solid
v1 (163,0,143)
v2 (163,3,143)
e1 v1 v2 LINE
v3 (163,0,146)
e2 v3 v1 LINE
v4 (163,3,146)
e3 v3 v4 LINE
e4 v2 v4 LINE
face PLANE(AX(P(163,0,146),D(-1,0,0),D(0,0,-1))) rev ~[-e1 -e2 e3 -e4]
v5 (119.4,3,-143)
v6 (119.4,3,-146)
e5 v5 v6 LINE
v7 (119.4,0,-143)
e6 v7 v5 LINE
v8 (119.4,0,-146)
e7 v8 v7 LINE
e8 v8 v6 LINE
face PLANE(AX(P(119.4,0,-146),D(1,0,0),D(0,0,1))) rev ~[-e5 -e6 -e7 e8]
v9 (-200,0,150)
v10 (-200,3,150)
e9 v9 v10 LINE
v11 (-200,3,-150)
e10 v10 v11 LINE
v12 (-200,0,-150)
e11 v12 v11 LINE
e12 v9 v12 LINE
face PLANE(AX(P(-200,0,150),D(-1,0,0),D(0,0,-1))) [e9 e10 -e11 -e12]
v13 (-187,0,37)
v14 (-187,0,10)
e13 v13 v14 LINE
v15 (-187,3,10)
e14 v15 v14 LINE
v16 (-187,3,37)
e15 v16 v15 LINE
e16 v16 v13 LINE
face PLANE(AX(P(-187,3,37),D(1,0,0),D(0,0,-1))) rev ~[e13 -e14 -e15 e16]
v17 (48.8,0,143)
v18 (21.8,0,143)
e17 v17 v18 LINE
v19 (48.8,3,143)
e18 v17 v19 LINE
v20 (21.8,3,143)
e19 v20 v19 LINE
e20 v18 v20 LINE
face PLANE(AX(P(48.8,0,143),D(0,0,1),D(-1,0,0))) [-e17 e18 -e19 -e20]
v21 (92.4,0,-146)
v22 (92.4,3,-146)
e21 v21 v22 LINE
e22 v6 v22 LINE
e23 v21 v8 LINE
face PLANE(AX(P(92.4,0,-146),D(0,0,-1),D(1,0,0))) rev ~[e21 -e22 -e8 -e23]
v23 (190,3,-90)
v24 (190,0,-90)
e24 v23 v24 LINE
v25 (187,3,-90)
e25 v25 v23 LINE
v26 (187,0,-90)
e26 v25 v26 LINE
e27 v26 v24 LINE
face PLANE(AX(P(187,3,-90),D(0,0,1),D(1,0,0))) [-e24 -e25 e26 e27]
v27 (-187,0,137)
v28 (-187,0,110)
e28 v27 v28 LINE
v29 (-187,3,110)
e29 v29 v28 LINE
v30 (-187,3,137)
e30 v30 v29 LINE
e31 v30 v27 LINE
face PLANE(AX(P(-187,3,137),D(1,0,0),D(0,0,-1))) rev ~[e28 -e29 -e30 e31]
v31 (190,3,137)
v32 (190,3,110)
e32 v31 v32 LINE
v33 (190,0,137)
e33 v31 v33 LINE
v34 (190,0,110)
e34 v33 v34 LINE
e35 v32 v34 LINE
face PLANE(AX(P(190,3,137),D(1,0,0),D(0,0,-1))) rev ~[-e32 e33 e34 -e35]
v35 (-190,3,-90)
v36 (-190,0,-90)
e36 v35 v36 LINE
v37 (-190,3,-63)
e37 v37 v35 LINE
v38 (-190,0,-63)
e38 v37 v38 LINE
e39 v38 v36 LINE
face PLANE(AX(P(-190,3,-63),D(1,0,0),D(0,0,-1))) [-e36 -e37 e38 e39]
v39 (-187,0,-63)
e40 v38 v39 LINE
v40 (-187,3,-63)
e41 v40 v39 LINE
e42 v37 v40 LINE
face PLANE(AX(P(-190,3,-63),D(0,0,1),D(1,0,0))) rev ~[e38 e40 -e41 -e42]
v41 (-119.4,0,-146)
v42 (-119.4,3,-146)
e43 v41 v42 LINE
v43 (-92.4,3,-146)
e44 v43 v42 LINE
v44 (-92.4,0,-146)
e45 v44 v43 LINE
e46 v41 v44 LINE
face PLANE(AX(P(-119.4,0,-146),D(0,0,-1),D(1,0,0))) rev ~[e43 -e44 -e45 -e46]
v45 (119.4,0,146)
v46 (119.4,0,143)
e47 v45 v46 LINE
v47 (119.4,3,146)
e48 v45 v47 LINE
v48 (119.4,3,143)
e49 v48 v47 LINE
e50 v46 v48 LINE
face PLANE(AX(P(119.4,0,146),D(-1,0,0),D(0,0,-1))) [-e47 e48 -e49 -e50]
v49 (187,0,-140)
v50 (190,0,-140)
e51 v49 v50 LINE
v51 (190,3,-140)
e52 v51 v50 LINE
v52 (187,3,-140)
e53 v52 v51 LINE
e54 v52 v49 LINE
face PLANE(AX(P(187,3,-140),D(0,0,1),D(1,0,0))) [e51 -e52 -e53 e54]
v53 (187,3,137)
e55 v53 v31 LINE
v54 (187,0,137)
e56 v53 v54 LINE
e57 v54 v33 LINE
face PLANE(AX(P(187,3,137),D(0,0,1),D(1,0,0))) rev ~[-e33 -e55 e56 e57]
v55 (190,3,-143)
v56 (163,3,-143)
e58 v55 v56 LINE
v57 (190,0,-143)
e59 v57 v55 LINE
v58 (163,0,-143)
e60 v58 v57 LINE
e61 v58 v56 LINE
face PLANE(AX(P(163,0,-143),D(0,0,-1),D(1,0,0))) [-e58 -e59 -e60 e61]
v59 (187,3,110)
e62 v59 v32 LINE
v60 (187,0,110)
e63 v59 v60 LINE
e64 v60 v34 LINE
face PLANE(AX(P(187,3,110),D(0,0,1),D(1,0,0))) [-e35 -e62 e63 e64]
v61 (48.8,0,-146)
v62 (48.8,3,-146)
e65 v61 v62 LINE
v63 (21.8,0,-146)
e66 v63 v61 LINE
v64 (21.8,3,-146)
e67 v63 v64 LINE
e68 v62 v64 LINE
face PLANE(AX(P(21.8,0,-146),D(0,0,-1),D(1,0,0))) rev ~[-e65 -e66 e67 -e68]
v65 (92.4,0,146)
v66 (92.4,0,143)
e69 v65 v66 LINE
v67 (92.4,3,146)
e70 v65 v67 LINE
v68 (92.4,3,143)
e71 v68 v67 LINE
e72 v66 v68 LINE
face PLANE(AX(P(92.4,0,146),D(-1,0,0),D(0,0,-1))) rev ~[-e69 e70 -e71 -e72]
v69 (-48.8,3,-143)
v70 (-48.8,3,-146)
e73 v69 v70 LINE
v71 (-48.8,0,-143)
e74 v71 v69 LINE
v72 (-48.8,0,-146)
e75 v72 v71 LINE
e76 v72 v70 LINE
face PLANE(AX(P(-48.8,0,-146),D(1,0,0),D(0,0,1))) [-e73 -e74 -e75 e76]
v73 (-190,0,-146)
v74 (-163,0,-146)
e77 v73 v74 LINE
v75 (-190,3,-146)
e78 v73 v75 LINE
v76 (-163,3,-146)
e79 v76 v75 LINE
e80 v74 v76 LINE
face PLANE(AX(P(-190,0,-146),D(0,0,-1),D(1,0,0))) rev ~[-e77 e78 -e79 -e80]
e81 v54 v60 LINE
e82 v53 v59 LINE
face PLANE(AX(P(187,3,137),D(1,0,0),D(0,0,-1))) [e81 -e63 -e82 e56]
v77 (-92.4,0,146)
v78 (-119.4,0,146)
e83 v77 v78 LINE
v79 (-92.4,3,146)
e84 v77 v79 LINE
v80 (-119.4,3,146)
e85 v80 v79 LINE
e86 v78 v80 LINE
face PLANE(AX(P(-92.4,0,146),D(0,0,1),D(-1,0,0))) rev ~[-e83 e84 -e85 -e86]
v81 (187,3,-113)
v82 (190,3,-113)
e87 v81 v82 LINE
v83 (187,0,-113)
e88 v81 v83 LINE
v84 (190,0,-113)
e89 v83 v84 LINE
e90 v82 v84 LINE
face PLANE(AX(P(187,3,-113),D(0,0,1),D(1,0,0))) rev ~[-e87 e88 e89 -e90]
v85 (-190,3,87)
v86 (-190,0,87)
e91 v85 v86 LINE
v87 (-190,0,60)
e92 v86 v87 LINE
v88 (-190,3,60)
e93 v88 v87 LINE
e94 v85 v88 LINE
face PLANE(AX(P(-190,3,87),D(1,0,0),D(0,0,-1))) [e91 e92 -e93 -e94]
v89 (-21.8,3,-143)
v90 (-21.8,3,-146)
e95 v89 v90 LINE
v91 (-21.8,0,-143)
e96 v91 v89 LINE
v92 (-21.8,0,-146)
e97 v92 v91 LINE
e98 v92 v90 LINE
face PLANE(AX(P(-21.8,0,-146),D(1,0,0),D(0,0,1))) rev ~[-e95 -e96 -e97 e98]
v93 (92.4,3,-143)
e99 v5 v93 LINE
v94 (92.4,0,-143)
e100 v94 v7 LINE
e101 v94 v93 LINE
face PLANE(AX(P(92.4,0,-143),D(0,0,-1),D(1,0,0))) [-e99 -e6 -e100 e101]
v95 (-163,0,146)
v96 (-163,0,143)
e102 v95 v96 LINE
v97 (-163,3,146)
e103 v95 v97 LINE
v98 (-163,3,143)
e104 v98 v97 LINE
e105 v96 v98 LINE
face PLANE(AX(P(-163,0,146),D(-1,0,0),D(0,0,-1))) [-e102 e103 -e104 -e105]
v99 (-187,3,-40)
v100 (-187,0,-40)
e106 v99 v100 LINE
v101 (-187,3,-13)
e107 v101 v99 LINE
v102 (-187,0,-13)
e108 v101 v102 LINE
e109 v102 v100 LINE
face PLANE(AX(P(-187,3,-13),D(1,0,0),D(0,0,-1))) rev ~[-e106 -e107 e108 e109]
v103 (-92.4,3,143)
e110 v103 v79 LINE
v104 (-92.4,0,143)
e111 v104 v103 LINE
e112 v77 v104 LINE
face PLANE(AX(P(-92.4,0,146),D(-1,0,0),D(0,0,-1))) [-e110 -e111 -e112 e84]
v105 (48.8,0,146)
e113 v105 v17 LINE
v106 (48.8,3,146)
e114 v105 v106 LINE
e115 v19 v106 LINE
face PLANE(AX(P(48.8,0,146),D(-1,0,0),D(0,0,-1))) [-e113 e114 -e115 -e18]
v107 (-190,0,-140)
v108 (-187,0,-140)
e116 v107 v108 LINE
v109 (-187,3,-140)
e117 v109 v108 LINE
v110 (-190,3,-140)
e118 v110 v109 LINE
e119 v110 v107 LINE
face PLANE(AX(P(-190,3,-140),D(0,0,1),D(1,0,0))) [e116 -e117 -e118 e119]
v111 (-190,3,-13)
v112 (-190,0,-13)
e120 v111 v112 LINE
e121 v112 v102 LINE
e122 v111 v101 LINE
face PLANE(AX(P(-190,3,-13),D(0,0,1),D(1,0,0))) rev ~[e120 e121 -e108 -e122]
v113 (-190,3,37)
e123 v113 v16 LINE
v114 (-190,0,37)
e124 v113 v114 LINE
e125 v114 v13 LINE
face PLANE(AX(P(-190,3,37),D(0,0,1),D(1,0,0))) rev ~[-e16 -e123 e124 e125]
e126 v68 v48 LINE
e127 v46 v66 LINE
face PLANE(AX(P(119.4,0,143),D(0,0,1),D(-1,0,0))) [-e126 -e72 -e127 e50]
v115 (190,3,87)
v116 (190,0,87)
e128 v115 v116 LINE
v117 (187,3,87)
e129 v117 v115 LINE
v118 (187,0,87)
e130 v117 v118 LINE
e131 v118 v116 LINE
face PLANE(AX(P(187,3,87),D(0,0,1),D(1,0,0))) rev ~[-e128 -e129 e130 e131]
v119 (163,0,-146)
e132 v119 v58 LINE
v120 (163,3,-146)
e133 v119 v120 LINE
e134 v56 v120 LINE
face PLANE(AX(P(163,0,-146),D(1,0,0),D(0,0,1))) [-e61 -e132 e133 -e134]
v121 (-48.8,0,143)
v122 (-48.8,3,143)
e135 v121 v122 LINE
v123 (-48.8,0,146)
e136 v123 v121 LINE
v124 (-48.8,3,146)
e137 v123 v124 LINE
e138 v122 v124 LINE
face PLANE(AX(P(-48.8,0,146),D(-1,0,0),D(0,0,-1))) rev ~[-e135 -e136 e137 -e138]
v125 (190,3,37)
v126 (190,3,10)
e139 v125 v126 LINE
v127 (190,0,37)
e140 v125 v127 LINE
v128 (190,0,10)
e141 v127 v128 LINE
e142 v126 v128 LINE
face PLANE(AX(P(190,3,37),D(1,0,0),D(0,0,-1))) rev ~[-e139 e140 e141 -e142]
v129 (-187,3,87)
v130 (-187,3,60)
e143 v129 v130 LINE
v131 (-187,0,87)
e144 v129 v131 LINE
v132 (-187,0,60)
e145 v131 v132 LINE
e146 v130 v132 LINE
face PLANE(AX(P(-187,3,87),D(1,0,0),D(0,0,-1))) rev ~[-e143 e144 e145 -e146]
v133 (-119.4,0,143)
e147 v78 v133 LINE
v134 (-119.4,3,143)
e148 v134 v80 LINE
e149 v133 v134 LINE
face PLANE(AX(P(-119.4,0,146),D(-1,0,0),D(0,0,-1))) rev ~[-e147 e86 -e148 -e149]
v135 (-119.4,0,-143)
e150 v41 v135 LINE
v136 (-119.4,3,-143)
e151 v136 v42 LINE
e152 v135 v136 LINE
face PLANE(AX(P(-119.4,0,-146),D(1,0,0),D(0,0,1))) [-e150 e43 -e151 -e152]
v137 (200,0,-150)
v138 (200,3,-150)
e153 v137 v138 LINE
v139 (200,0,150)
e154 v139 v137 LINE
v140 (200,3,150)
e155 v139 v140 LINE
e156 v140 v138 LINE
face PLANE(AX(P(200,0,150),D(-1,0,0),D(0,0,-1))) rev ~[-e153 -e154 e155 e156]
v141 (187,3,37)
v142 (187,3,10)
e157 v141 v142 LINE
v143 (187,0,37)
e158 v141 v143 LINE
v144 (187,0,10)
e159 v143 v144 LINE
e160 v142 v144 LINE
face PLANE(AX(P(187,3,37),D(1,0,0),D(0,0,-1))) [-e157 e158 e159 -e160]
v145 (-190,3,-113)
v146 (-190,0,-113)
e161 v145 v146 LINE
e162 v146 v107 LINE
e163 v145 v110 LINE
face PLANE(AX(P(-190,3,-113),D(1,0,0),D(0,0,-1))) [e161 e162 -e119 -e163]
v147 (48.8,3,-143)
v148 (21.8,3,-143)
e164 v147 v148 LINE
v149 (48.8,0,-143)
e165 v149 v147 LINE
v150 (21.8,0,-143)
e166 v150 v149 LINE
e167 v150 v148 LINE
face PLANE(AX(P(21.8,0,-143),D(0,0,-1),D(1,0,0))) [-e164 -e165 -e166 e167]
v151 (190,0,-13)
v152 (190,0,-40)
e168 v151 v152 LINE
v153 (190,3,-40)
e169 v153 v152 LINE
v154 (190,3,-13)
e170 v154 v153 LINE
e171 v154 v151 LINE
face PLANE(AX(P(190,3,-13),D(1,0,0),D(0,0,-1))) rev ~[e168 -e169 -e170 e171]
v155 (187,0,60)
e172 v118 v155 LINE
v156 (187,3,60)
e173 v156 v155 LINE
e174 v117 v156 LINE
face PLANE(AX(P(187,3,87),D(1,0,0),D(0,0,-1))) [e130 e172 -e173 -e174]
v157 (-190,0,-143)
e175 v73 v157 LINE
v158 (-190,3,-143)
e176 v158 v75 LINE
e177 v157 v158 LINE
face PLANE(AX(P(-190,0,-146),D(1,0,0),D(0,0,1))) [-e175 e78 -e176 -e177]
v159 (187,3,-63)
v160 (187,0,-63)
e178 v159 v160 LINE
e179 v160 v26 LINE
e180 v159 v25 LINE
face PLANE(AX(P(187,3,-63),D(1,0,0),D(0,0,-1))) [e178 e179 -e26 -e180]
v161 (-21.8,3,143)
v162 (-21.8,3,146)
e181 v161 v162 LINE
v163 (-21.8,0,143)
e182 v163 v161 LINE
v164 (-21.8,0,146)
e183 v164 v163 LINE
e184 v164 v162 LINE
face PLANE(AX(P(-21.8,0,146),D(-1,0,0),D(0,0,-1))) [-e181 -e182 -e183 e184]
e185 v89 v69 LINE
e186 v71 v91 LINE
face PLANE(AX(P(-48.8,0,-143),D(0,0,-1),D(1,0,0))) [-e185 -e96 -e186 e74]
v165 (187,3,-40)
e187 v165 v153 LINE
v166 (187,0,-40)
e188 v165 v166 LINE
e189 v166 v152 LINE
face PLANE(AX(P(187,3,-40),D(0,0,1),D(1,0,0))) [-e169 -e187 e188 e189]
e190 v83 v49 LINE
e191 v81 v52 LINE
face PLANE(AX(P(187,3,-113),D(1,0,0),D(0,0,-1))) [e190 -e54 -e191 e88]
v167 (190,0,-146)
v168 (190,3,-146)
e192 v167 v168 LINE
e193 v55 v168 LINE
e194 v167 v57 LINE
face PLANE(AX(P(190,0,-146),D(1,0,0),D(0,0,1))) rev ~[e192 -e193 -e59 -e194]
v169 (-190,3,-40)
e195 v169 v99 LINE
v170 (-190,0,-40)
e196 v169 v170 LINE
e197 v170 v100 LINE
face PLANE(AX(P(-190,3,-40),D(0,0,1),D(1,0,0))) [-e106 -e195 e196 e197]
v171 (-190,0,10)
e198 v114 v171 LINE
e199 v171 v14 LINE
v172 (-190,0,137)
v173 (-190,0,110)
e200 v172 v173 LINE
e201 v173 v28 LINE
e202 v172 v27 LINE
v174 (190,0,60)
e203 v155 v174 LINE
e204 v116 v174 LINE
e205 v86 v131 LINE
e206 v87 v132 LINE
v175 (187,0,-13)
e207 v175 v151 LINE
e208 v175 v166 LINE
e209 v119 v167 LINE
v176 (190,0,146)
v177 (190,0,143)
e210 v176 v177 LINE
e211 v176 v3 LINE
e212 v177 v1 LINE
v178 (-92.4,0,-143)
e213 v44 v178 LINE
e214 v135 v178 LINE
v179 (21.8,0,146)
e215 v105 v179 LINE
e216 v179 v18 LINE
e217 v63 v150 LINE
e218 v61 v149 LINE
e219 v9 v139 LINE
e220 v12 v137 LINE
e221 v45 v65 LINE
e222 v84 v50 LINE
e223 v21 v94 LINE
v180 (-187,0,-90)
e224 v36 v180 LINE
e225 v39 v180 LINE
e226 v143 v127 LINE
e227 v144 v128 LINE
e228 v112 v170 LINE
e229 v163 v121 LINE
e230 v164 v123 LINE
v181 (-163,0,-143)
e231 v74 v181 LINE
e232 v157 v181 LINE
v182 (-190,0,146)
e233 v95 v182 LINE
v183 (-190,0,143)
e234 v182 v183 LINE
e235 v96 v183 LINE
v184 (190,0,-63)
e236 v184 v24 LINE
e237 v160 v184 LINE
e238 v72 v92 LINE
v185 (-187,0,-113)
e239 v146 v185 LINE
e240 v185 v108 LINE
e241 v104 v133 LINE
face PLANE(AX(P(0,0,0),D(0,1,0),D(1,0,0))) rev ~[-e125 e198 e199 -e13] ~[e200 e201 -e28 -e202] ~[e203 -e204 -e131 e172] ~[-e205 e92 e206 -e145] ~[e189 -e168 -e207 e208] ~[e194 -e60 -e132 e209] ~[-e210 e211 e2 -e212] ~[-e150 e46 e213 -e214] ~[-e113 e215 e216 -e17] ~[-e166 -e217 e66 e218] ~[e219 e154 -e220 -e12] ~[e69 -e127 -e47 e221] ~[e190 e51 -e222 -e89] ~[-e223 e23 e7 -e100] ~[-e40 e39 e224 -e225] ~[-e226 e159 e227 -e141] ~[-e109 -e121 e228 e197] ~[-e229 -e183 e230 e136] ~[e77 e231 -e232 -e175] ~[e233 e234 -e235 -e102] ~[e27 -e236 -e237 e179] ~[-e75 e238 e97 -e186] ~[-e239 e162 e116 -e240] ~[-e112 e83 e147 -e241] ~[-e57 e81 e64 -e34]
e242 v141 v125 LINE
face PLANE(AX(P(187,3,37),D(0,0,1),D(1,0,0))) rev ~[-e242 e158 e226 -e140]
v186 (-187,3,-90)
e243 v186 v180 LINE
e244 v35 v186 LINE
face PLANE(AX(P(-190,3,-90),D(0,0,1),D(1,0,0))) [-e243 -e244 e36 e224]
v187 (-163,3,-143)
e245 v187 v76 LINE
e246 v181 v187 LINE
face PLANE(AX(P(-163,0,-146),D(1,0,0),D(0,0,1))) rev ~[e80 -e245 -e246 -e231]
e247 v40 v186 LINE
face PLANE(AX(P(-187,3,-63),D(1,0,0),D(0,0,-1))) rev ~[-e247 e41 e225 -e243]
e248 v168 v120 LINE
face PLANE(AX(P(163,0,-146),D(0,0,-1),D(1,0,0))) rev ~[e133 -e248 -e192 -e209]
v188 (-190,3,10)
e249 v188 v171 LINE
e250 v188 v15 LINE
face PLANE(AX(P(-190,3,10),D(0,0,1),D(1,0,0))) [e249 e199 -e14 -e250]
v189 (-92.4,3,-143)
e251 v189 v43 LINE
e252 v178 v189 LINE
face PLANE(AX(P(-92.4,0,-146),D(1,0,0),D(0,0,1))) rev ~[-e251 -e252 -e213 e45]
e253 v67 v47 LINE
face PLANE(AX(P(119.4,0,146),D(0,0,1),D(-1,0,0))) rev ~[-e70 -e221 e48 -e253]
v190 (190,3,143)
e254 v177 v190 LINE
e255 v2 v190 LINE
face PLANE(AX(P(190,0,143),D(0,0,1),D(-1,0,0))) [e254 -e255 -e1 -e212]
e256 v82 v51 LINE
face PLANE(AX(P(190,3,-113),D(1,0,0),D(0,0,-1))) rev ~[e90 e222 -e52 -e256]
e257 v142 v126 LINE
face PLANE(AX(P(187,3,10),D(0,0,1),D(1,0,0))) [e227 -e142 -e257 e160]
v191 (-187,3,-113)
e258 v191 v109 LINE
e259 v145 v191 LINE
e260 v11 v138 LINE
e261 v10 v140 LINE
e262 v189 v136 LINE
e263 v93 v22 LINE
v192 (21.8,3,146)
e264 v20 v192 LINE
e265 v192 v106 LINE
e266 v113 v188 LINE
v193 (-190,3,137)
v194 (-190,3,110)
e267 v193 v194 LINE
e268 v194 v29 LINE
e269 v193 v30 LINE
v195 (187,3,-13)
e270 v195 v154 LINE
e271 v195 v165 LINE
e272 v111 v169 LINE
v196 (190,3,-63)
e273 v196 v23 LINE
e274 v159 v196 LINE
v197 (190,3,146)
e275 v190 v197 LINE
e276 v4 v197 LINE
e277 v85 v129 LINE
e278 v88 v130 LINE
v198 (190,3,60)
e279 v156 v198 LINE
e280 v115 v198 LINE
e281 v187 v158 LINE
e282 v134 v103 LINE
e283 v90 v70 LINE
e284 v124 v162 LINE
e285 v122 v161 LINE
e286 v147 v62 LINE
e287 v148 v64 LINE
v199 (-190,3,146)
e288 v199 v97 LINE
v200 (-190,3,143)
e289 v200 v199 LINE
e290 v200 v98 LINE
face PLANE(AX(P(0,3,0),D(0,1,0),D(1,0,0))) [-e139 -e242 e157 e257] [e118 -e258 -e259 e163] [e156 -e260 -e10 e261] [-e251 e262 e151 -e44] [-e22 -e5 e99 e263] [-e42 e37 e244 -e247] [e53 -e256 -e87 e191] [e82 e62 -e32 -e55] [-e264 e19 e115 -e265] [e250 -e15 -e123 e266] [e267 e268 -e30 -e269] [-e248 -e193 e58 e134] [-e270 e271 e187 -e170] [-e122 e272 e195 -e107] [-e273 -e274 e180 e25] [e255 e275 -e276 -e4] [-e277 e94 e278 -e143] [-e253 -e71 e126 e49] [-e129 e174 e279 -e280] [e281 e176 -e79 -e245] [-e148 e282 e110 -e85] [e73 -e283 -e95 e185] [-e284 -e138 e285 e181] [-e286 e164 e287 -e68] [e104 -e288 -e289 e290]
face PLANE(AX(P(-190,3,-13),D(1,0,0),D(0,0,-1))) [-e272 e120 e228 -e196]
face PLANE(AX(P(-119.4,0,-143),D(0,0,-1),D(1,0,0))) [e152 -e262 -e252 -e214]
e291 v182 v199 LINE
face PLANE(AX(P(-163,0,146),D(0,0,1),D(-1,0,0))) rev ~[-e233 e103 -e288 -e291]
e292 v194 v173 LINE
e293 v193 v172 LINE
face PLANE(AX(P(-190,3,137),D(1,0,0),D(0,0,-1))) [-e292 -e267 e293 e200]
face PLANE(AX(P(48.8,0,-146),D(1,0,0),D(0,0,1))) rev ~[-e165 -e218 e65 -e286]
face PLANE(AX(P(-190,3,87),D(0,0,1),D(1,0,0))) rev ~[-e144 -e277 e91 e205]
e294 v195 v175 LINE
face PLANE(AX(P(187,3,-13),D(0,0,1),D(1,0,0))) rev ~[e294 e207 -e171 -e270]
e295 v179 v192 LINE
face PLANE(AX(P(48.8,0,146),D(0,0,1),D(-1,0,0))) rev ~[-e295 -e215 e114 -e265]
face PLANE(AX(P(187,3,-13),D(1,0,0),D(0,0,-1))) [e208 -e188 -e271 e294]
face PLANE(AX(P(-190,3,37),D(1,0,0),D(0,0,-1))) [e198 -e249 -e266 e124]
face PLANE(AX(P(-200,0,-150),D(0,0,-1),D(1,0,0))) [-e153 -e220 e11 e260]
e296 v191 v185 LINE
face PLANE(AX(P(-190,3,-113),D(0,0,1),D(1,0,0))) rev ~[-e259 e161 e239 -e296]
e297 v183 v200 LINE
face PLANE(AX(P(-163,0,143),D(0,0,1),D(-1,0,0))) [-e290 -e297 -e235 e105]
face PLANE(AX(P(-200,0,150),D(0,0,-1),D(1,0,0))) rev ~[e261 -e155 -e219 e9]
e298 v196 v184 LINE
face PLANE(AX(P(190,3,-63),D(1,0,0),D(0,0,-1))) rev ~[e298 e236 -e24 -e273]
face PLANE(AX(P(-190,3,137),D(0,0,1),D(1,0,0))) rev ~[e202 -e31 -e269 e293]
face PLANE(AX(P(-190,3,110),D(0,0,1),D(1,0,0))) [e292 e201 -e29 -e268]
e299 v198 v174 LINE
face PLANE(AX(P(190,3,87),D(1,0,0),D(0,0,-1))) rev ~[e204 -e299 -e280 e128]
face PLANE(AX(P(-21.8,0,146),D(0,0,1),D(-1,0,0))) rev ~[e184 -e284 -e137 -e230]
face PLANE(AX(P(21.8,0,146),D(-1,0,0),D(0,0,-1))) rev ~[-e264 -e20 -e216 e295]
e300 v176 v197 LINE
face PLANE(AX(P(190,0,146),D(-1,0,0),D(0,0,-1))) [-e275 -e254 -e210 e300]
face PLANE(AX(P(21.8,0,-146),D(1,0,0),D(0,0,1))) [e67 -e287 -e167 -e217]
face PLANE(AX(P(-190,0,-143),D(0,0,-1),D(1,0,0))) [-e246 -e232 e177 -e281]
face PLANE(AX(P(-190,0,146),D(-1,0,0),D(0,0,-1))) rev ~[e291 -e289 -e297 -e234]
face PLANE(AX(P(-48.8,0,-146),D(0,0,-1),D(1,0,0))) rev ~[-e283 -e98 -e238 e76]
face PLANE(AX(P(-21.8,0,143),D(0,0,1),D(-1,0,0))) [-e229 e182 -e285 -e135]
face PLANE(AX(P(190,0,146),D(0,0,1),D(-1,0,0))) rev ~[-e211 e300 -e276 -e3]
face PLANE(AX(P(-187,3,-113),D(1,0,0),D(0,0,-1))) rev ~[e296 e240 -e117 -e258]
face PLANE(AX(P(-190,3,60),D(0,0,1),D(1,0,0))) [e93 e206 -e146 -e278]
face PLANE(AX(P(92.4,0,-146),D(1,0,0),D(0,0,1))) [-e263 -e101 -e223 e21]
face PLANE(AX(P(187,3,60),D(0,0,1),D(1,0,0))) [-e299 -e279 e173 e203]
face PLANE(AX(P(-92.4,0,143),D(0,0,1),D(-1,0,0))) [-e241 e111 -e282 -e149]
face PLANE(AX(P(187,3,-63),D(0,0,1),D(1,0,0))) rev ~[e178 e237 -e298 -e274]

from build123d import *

# Parameters (mm, degrees)
SKETCH1_W           = 400
SKETCH1_H           = 300
BOSS_EXTRUDE2_DEPTH = 3
SKETCH5_W           = 3
SKETCH5_H           = 27
CUT_EXTRUDE4_DEPTH  = 3
SKETCH6_W           = 3
SKETCH6_H           = 27
CUT_EXTRUDE5_DEPTH  = 3
SKETCH12_W          = 27
SKETCH12_H          = 3
CUT_EXTRUDE10_DEPTH = 10
SKETCH13_W          = 27
SKETCH13_H          = 3
CUT_EXTRUDE11_DEPTH = 10


with BuildPart() as part:
    # Sketch1 → Boss-Extrude2 (new body)
    with BuildSketch(Plane(origin=(0, 0, 0), x_dir=(1, 0, 0), z_dir=(0, 1, 0))):
        Rectangle(SKETCH1_W, SKETCH1_H)
    extrude(amount=BOSS_EXTRUDE2_DEPTH)

    # Sketch5 → Cut-Extrude4 (cut)
    with BuildSketch(Plane(origin=(0, 3, 0), x_dir=(1, 0, 0), z_dir=(0, 1, 0))):
        with Locations((-188.5, 126.5)):
            Rectangle(SKETCH5_W, SKETCH5_H)
        with Locations((-188.5, 76.5)):
            Rectangle(SKETCH5_W, SKETCH5_H)
        with Locations((-188.5, 26.5)):
            Rectangle(SKETCH5_W, SKETCH5_H)
        with Locations((-188.5, -23.5)):
            Rectangle(SKETCH5_W, SKETCH5_H)
        with Locations((-188.5, -73.5)):
            Rectangle(SKETCH5_W, SKETCH5_H)
        with Locations((-188.5, -123.5)):
            Rectangle(SKETCH5_W, SKETCH5_H)
    extrude(amount=-CUT_EXTRUDE4_DEPTH, mode=Mode.SUBTRACT)

    # Sketch6 → Cut-Extrude5 (cut)
    with BuildSketch(Plane(origin=(0, 3, 0), x_dir=(1, 0, 0), z_dir=(0, 1, 0))):
        with Locations((188.5, 126.5)):
            Rectangle(SKETCH6_W, SKETCH6_H)
        with Locations((188.5, 76.5)):
            Rectangle(SKETCH6_W, SKETCH6_H)
        with Locations((188.5, 26.5)):
            Rectangle(SKETCH6_W, SKETCH6_H)
        with Locations((188.5, -23.5)):
            Rectangle(SKETCH6_W, SKETCH6_H)
        with Locations((188.5, -73.5)):
            Rectangle(SKETCH6_W, SKETCH6_H)
        with Locations((188.5, -123.5)):
            Rectangle(SKETCH6_W, SKETCH6_H)
    extrude(amount=-CUT_EXTRUDE5_DEPTH, mode=Mode.SUBTRACT)

    # Sketch12 → Cut-Extrude10 (cut)
    with BuildSketch(Plane.XZ):
        with Locations((-176.5, -144.5)):
            Rectangle(SKETCH12_W, SKETCH12_H)
        with Locations((-105.9, -144.5)):
            Rectangle(SKETCH12_W, SKETCH12_H)
        with Locations((-35.3, -144.5)):
            Rectangle(SKETCH12_W, SKETCH12_H)
        with Locations((35.3, -144.5)):
            Rectangle(SKETCH12_W, SKETCH12_H)
        with Locations((105.9, -144.5)):
            Rectangle(SKETCH12_W, SKETCH12_H)
        with Locations((176.5, -144.5)):
            Rectangle(SKETCH12_W, SKETCH12_H)
    extrude(amount=-CUT_EXTRUDE10_DEPTH, mode=Mode.SUBTRACT)

    # Sketch13 → Cut-Extrude11 (cut)
    with BuildSketch(Plane(origin=(0, 0, 0), x_dir=(-1, 0, 0), z_dir=(0, -1, 0))):
        with Locations((176.5, -144.5)):
            Rectangle(SKETCH13_W, SKETCH13_H)
        with Locations((105.9, -144.5)):
            Rectangle(SKETCH13_W, SKETCH13_H)
        with Locations((35.3, -144.5)):
            Rectangle(SKETCH13_W, SKETCH13_H)
        with Locations((-35.3, -144.5)):
            Rectangle(SKETCH13_W, SKETCH13_H)
        with Locations((-105.9, -144.5)):
            Rectangle(SKETCH13_W, SKETCH13_H)
        with Locations((-176.5, -144.5)):
            Rectangle(SKETCH13_W, SKETCH13_H)
    extrude(amount=-CUT_EXTRUDE11_DEPTH, mode=Mode.SUBTRACT)


solid = part.part
